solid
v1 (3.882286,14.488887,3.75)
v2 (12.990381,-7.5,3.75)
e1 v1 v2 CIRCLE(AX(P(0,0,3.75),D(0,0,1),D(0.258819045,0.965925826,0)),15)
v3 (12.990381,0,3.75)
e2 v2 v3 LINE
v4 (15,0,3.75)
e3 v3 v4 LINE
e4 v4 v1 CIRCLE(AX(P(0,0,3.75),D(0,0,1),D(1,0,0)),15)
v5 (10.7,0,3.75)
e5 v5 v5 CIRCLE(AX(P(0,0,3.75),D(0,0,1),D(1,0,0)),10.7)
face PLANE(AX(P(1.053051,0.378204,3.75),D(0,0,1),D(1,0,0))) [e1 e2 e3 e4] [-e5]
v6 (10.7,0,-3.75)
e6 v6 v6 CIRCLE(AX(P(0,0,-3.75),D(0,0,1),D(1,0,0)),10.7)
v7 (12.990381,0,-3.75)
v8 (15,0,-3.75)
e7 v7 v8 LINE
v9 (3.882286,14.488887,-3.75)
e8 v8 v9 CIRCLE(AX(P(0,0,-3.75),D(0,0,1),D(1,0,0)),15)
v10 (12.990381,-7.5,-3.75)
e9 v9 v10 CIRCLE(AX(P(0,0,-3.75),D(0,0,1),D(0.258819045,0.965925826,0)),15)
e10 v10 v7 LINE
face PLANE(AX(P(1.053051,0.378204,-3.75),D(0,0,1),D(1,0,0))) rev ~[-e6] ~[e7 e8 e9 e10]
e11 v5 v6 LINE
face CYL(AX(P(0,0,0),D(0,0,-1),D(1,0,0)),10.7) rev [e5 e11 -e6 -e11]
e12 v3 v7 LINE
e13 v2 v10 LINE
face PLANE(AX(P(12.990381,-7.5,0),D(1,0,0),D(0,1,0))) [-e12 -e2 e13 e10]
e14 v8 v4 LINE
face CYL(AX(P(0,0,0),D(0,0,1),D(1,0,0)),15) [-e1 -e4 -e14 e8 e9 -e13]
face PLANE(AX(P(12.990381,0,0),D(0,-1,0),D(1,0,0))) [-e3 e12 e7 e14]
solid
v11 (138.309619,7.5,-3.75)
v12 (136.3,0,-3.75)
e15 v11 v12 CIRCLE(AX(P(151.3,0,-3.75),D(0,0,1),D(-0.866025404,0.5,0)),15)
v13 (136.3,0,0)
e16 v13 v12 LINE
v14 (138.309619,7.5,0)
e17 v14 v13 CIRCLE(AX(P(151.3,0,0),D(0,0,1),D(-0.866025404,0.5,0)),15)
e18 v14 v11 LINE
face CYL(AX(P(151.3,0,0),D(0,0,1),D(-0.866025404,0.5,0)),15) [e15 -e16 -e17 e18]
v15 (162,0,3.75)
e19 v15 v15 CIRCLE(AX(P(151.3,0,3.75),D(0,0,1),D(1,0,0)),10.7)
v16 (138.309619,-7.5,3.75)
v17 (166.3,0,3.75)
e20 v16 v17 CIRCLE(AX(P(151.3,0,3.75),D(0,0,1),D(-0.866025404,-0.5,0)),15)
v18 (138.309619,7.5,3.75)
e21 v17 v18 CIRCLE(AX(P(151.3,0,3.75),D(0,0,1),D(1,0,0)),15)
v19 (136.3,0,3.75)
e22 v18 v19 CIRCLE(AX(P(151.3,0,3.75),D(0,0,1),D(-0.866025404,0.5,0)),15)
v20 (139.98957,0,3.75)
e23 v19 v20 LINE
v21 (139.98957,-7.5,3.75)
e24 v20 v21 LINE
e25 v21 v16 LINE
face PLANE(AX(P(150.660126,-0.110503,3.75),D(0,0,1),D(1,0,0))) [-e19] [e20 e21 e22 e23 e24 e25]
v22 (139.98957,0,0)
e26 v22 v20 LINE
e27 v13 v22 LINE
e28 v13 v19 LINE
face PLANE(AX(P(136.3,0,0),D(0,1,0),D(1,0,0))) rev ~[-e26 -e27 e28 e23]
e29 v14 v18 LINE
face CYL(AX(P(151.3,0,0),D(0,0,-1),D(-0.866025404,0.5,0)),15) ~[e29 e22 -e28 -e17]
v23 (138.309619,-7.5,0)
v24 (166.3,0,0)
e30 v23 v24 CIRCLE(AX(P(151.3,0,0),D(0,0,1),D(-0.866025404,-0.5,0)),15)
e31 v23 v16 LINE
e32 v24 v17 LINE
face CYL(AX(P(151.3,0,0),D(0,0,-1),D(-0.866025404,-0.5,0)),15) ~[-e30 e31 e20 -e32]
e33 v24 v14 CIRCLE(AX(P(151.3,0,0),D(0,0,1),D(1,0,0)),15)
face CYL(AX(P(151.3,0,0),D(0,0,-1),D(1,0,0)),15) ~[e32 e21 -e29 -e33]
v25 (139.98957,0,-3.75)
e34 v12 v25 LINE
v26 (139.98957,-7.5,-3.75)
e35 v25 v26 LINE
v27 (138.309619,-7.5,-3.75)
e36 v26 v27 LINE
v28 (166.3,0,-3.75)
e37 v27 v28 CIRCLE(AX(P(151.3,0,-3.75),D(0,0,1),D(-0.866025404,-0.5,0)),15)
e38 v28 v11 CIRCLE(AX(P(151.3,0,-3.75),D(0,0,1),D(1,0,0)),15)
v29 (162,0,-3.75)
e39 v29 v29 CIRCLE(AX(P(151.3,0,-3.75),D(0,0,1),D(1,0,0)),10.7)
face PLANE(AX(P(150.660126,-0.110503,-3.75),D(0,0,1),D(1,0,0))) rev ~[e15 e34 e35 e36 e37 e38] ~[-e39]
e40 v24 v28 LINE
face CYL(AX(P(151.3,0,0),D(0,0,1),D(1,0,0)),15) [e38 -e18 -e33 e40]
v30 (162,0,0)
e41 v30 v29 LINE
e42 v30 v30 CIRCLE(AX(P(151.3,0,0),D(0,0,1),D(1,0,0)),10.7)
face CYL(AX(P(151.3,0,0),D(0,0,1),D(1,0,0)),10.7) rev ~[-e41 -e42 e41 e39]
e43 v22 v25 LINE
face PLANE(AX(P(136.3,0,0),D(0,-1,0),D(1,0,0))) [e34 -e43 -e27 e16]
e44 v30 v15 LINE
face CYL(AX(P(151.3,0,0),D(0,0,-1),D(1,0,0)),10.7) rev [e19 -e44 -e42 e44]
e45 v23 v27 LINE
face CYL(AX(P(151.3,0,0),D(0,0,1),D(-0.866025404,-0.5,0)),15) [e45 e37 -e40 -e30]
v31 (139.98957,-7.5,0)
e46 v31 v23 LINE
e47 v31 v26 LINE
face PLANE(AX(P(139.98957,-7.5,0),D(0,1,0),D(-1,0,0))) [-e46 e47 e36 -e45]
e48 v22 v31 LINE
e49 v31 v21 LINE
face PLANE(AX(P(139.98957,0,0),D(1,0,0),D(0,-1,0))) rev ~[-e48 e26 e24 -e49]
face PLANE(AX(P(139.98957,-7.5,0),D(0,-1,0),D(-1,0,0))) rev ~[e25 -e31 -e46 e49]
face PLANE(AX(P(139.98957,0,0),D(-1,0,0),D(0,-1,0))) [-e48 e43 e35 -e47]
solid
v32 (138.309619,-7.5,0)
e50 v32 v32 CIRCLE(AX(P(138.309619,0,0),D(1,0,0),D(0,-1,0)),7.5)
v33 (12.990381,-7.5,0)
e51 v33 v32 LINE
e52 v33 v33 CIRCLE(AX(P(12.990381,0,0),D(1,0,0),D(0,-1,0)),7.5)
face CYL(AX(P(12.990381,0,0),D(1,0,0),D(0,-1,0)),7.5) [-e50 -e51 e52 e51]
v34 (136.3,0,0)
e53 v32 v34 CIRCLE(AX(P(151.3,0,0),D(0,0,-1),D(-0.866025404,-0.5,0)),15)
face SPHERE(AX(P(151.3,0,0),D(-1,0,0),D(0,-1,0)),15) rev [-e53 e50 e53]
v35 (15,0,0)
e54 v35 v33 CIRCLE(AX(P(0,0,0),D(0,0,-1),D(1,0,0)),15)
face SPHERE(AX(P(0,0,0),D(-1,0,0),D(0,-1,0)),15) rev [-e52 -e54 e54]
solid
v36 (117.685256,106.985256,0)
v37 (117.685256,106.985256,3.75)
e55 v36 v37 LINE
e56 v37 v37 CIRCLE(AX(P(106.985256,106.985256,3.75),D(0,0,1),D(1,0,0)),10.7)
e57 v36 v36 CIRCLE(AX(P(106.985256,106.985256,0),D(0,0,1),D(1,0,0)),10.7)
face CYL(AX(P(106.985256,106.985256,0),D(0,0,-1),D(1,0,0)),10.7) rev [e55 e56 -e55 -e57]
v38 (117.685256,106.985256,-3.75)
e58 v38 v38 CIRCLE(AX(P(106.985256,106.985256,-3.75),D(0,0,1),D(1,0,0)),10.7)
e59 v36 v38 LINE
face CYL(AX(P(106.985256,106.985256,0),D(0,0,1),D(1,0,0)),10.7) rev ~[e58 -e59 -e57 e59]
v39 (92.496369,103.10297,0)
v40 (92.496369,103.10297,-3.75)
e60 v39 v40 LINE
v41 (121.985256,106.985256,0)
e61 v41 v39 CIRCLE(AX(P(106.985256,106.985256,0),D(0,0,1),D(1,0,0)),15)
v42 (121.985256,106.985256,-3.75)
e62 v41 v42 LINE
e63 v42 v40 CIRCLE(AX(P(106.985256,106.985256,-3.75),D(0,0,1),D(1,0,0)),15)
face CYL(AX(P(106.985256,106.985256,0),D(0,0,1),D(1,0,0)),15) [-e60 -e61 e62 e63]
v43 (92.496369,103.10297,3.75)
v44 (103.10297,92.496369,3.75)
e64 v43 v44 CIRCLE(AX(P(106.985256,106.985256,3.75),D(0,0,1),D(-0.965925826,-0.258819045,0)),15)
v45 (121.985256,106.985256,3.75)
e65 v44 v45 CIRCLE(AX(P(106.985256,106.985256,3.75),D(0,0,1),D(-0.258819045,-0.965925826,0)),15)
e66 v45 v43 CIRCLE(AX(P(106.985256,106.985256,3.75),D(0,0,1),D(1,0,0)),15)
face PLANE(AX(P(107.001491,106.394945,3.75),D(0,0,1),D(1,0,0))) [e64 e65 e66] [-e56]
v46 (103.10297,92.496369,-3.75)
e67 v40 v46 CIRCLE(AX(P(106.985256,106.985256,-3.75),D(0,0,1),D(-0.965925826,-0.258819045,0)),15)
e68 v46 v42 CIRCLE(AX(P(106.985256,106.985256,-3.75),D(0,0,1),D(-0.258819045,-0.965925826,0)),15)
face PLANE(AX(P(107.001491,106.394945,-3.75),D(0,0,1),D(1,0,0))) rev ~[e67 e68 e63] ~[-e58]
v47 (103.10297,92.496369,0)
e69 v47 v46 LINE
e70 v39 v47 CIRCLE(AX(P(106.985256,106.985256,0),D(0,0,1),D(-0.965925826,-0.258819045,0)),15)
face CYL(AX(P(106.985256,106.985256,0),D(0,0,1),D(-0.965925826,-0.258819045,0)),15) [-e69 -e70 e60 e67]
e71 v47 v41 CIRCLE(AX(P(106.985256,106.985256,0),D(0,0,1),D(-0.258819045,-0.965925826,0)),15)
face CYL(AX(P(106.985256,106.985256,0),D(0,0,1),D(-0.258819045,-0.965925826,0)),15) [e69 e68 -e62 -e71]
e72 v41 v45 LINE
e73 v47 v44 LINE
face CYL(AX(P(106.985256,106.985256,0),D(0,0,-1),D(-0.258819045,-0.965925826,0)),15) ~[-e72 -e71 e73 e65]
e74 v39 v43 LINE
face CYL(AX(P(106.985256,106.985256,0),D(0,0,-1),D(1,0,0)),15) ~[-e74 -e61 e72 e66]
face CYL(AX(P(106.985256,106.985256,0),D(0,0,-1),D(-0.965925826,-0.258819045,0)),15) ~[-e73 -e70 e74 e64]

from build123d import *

# Parameters (mm, degrees)
F0_R     = 10.7
F1_DEPTH = 3.75


with BuildPart() as f1:
    # F0 (on Top) → F1 (new body, symmetric)
    with BuildSketch(Plane.XY):
        with BuildLine():
            Line((12.9903810568, 0), (15, 0))
            ThreePointArc((15, 0), (11.9003001044, 9.1314214351), (3.8822856765, 14.4888873943))
            ThreePointArc((3.8822856765, 14.4888873943), (-13.8581929877, -5.7402514855), (12.9903810568, -7.5))
            Line((12.9903810568, -7.5), (12.9903810568, 0))
        make_face()
        Circle(F0_R, mode=Mode.SUBTRACT)
    extrude(amount=F1_DEPTH, both=True)


with BuildPart() as f1b:
    # F0 (on Top) → F1, piece 2 (new body, symmetric)
    with BuildSketch(Plane.XY):
        with BuildLine():
            ThreePointArc((138.3096189432, 7.5), (136.8111126057, 3.8822856765), (136.3, 0))
            Line((136.3, 0), (139.9895697832, 0))
            Line((139.9895697832, 0), (139.9895697832, -7.5))
            Line((139.9895697832, -7.5), (138.3096189432, -7.5))
            ThreePointArc((138.3096189432, -7.5), (155.1822856765, -14.4888873943), (166.3, 0))
            ThreePointArc((166.3, 0), (155.1822856765, 14.4888873943), (138.3096189432, 7.5))
        make_face()
        with Locations((151.3, 0)):
            Circle(F0_R, mode=Mode.SUBTRACT)
    extrude(amount=F1_DEPTH, both=True)


with BuildPart() as f1c:
    # F0 (on Top) → F1, piece 3 (new body, symmetric)
    with BuildSketch(Plane.XY):
        with BuildLine():
            ThreePointArc((121.9852559935, 106.9852559935), (105.0273631102, 121.8569289141), (92.4963685992, 103.102970317))
            ThreePointArc((92.4963685992, 103.102970317), (96.3786542757, 96.3786542757), (103.102970317, 92.4963685992))
            ThreePointArc((103.102970317, 92.4963685992), (116.1166774287, 95.0849558892), (121.9852559935, 106.9852559935))
        make_face()
        with Locations((106.9852559935, 106.9852559935)):
            Circle(F0_R, mode=Mode.SUBTRACT)
    extrude(amount=F1_DEPTH, both=True)


with BuildPart() as f2:
    # F0 (on Top) → F2 (revolve)
    with BuildSketch(Plane.XY):
        with BuildLine():
            Line((136.3, 0), (15, 0))
            ThreePointArc((15, 0), (14.4888873943, -3.8822856765), (12.9903810568, -7.5))
            Line((12.9903810568, -7.5), (138.3096189432, -7.5))
            ThreePointArc((138.3096189432, -7.5), (136.8111126057, -3.8822856765), (136.3, 0))
        make_face()
    revolve(axis=Axis((76.48997542, 0, 0), (1, 0, 0)))


solid = Compound([f1.part, f1b.part, f1c.part, f2.part])
